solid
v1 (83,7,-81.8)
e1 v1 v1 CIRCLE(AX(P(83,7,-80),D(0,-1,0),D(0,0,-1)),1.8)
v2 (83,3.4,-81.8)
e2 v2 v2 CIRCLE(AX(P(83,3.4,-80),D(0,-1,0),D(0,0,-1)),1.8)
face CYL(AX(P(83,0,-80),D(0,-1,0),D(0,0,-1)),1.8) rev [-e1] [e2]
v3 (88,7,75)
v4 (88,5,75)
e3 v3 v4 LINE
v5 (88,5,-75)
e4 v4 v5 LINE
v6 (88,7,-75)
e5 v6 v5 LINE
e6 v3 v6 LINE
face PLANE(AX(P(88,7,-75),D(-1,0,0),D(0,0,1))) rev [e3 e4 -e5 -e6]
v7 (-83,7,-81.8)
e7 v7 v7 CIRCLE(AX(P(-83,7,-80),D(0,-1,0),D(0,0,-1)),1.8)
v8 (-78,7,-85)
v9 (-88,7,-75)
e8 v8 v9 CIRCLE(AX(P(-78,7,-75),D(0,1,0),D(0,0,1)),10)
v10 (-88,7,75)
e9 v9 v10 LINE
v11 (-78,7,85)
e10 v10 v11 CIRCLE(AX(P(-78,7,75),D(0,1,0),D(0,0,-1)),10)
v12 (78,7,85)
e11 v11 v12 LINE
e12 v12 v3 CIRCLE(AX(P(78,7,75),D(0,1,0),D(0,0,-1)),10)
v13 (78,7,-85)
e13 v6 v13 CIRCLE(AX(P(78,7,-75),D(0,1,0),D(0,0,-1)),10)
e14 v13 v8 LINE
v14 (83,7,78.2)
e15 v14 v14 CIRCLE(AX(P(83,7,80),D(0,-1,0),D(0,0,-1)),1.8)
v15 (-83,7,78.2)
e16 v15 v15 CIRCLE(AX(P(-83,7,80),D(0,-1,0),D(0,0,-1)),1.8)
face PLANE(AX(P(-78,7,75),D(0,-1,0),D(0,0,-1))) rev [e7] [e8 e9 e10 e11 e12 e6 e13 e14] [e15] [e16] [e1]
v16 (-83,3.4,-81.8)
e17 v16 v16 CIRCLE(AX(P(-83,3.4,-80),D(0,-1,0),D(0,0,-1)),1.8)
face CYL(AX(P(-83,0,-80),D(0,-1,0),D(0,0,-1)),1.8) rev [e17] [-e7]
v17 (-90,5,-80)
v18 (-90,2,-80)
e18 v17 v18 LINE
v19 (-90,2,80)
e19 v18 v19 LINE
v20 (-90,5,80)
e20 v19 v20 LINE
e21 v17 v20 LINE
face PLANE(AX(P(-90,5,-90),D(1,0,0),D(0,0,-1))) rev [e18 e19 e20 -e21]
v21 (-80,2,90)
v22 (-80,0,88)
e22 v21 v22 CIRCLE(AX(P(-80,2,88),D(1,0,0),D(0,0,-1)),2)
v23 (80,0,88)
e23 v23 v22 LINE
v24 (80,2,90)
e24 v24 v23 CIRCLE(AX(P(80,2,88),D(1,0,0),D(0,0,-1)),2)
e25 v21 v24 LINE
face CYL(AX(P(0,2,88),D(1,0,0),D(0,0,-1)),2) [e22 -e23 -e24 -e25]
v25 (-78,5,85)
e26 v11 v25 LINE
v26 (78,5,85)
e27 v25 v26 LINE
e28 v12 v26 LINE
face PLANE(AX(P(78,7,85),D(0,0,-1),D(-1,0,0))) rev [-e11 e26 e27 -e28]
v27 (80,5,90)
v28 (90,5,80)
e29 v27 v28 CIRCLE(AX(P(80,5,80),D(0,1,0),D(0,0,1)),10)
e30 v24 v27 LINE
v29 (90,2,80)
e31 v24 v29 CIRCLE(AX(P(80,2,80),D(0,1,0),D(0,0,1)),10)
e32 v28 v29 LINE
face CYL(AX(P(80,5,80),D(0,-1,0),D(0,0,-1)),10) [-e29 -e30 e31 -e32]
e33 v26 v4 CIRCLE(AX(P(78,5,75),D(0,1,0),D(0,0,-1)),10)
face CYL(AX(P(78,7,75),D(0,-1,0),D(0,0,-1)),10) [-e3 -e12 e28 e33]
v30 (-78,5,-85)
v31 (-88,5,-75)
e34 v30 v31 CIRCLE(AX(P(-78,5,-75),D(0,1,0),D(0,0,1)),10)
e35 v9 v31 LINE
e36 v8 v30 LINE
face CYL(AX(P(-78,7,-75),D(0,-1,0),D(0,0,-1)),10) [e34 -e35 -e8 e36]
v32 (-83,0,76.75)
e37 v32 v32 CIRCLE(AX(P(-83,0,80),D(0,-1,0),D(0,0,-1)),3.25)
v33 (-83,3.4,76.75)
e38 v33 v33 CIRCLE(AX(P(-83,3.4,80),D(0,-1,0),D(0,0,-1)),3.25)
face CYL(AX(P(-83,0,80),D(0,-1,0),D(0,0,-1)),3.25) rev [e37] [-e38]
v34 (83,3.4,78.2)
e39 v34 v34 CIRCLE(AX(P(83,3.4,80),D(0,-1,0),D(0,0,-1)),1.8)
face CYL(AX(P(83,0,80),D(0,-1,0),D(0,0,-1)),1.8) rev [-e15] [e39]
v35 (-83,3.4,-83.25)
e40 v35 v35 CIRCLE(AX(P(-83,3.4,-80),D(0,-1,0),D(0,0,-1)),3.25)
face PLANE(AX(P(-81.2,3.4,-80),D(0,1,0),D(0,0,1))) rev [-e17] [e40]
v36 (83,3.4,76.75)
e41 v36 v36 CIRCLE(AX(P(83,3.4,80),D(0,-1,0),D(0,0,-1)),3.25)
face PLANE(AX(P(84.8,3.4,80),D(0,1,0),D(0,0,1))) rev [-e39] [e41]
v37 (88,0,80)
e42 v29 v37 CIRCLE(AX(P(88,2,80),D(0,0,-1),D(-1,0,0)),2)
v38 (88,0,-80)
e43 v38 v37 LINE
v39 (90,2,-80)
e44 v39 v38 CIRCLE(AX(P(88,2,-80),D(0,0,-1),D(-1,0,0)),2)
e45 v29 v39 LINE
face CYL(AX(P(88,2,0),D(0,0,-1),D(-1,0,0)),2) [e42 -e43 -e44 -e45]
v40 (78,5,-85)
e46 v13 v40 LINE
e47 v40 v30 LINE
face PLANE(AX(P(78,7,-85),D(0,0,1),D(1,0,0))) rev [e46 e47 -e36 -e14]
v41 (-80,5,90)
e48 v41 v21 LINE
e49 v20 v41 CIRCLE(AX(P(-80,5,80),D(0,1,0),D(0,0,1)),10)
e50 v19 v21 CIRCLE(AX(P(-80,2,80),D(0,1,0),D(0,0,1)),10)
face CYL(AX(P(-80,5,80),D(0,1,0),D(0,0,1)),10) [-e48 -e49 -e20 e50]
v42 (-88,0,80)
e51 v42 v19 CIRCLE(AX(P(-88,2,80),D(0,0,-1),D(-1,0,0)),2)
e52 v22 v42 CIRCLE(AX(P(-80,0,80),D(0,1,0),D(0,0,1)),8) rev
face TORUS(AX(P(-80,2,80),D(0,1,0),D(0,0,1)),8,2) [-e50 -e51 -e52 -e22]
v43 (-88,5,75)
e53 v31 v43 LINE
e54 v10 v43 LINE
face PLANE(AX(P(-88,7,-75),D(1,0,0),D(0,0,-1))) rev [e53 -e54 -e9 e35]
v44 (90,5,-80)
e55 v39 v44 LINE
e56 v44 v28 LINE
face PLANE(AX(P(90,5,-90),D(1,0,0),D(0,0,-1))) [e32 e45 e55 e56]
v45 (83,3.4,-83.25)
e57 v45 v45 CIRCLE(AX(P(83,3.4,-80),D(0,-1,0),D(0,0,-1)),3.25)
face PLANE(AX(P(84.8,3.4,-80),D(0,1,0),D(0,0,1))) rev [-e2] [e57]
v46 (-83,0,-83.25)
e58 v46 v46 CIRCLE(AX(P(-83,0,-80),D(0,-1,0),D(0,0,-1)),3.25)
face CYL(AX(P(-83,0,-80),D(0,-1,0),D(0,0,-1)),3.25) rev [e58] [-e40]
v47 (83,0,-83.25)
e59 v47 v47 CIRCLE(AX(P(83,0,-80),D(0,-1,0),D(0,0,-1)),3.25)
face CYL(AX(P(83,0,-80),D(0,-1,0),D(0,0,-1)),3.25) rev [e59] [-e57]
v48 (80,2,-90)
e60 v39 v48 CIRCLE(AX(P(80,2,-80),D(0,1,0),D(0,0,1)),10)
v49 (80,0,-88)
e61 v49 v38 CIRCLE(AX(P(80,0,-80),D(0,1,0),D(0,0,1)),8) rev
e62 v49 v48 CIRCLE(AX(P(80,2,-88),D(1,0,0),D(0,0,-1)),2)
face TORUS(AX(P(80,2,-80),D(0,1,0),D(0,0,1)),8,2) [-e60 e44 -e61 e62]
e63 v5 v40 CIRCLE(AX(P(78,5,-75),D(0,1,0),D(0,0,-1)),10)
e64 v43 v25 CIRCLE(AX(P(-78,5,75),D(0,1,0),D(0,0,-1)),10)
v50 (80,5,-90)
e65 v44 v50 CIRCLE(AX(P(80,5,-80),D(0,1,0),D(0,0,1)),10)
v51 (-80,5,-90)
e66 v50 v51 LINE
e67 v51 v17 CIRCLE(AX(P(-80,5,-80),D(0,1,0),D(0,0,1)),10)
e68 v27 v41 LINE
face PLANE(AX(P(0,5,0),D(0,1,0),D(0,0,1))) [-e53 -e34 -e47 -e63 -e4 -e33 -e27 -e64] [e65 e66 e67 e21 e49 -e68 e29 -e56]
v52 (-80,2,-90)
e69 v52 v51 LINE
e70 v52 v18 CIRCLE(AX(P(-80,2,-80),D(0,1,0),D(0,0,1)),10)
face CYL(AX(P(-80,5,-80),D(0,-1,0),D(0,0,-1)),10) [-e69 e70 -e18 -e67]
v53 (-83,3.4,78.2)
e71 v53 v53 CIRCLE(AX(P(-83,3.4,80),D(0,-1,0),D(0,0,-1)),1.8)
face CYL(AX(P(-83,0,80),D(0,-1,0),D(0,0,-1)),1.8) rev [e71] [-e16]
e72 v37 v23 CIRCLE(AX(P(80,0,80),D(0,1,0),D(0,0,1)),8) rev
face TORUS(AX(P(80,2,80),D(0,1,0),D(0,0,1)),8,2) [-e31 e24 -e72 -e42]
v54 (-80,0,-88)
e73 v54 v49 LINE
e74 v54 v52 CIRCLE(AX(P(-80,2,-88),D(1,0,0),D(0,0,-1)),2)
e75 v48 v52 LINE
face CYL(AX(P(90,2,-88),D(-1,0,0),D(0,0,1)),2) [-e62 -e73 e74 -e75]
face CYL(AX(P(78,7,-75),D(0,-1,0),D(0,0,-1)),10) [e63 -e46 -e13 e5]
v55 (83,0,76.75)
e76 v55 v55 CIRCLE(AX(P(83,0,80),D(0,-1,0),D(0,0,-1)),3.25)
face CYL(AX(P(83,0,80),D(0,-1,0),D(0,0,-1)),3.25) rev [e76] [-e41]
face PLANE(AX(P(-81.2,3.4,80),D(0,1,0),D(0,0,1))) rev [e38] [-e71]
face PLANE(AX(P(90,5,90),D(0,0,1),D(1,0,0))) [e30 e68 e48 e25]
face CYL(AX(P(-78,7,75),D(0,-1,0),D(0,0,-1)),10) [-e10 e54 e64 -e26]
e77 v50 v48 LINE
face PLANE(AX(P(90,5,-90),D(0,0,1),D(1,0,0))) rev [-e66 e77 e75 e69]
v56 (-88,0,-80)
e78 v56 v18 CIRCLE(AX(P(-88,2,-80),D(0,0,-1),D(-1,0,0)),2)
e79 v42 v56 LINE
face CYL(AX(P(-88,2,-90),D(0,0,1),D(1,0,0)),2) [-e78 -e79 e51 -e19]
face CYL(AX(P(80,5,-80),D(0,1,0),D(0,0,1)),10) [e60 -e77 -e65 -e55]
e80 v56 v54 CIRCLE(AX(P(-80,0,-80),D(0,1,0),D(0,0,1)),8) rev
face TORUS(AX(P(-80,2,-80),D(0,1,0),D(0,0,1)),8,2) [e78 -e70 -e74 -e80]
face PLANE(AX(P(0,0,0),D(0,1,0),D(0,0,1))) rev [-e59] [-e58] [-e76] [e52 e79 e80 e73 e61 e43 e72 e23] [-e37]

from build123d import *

# Parameters (mm, degrees)
SKIZZE1_W                                            = 180
SKIZZE1_H                                            = 180
AUFSATZ_LINEAR_AUSTRAGEN1_DEPTH                      = 5
AUFSATZ_LINEAR_AUSTRAGEN2_DEPTH                      = 2
STIRNSENKUNG_F_R_M3_ZYLINDERSCHRAUBE_MIT_D           = 3.6
STIRNSENKUNG_F_R_M3_ZYLINDERSCHRAUBE_MIT_DEPTH       = 9.1
STIRNSENKUNG_F_R_M3_ZYLINDERSCHRAUBE_MIT_CBORE_D     = 6.5
STIRNSENKUNG_F_R_M3_ZYLINDERSCHRAUBE_MIT_CBORE_DEPTH = 3.4
STIRNSENKUNG_F_R_M3_ZYLINDERSCHRAUBE_MIT_TIP         = 1.081549114
VERRUNDUNG1_R                                        = 10
VERRUNDUNG2_R                                        = 2


with BuildPart() as part:
    # Skizze1 → Aufsatz-Linear austragen1 (new body)
    with BuildSketch(Plane(origin=(0, 0, 0), x_dir=(1, 0, 0), z_dir=(0, 1, 0))):
        Rectangle(SKIZZE1_W, SKIZZE1_H)
    extrude(amount=AUFSATZ_LINEAR_AUSTRAGEN1_DEPTH)

    # Skizze2 → Aufsatz-Linear austragen2 (add)
    with BuildSketch(Plane(origin=(0, 5, 0), x_dir=(1, 0, 0), z_dir=(0, 1, 0))):
        with BuildLine():
            Line((78, 85), (-78, 85))
            ThreePointArc((-78, 85), (-85.071067812, 82.071067812), (-88, 75))
            Line((-88, 75), (-88, -75))
            ThreePointArc((-88, -75), (-85.071067812, -82.071067812), (-78, -85))
            Line((-78, -85), (78, -85))
            ThreePointArc((78, -85), (85.071067812, -82.071067812), (88, -75))
            Line((88, -75), (88, 75))
            ThreePointArc((88, 75), (85.071067812, 82.071067812), (78, 85))
        make_face()
    extrude(amount=AUFSATZ_LINEAR_AUSTRAGEN2_DEPTH)

    # Stirnsenkung für M3 Zylinderschraube mit Innensechskant2
    with Locations(Plane(origin=(0, 0, 0), x_dir=(-1, 0, 0), z_dir=(0, -1, 0))):
        with Locations((-83, 80), (83, 80), (83, -80), (-83, -80)):
            CounterBoreHole(STIRNSENKUNG_F_R_M3_ZYLINDERSCHRAUBE_MIT_D / 2, STIRNSENKUNG_F_R_M3_ZYLINDERSCHRAUBE_MIT_CBORE_D / 2, STIRNSENKUNG_F_R_M3_ZYLINDERSCHRAUBE_MIT_CBORE_DEPTH, depth=STIRNSENKUNG_F_R_M3_ZYLINDERSCHRAUBE_MIT_DEPTH)
            with Locations((0, 0, -(STIRNSENKUNG_F_R_M3_ZYLINDERSCHRAUBE_MIT_DEPTH + STIRNSENKUNG_F_R_M3_ZYLINDERSCHRAUBE_MIT_TIP / 2))):  # 118° drill point
                Cone(0, STIRNSENKUNG_F_R_M3_ZYLINDERSCHRAUBE_MIT_D / 2, STIRNSENKUNG_F_R_M3_ZYLINDERSCHRAUBE_MIT_TIP, mode=Mode.SUBTRACT)

    # Verrundung1
    verrundung1_edges = [part.edges().sort_by_distance(p)[0] for p in [
        (90, 2.5, -90),
        (90, 2.5, 90),
        (-90, 2.5, 90),
        (-90, 2.5, -90),
    ]]
    fillet(verrundung1_edges, radius=VERRUNDUNG1_R)

    # Verrundung2
    verrundung2_edges = [part.edges().sort_by_distance(p)[0] for p in [
        (90, 0, 0),
        (0, 0, -90),
        (0, 0, 90),
        (-90, 0, 0),
        (87.071067812, 0, -87.071067812),
        (-87.071067812, 0, -87.071067812),
        (-87.071067812, 0, 87.071067812),
        (87.071067812, 0, 87.071067812),
    ]]
    fillet(verrundung2_edges, radius=VERRUNDUNG2_R)


solid = part.part
